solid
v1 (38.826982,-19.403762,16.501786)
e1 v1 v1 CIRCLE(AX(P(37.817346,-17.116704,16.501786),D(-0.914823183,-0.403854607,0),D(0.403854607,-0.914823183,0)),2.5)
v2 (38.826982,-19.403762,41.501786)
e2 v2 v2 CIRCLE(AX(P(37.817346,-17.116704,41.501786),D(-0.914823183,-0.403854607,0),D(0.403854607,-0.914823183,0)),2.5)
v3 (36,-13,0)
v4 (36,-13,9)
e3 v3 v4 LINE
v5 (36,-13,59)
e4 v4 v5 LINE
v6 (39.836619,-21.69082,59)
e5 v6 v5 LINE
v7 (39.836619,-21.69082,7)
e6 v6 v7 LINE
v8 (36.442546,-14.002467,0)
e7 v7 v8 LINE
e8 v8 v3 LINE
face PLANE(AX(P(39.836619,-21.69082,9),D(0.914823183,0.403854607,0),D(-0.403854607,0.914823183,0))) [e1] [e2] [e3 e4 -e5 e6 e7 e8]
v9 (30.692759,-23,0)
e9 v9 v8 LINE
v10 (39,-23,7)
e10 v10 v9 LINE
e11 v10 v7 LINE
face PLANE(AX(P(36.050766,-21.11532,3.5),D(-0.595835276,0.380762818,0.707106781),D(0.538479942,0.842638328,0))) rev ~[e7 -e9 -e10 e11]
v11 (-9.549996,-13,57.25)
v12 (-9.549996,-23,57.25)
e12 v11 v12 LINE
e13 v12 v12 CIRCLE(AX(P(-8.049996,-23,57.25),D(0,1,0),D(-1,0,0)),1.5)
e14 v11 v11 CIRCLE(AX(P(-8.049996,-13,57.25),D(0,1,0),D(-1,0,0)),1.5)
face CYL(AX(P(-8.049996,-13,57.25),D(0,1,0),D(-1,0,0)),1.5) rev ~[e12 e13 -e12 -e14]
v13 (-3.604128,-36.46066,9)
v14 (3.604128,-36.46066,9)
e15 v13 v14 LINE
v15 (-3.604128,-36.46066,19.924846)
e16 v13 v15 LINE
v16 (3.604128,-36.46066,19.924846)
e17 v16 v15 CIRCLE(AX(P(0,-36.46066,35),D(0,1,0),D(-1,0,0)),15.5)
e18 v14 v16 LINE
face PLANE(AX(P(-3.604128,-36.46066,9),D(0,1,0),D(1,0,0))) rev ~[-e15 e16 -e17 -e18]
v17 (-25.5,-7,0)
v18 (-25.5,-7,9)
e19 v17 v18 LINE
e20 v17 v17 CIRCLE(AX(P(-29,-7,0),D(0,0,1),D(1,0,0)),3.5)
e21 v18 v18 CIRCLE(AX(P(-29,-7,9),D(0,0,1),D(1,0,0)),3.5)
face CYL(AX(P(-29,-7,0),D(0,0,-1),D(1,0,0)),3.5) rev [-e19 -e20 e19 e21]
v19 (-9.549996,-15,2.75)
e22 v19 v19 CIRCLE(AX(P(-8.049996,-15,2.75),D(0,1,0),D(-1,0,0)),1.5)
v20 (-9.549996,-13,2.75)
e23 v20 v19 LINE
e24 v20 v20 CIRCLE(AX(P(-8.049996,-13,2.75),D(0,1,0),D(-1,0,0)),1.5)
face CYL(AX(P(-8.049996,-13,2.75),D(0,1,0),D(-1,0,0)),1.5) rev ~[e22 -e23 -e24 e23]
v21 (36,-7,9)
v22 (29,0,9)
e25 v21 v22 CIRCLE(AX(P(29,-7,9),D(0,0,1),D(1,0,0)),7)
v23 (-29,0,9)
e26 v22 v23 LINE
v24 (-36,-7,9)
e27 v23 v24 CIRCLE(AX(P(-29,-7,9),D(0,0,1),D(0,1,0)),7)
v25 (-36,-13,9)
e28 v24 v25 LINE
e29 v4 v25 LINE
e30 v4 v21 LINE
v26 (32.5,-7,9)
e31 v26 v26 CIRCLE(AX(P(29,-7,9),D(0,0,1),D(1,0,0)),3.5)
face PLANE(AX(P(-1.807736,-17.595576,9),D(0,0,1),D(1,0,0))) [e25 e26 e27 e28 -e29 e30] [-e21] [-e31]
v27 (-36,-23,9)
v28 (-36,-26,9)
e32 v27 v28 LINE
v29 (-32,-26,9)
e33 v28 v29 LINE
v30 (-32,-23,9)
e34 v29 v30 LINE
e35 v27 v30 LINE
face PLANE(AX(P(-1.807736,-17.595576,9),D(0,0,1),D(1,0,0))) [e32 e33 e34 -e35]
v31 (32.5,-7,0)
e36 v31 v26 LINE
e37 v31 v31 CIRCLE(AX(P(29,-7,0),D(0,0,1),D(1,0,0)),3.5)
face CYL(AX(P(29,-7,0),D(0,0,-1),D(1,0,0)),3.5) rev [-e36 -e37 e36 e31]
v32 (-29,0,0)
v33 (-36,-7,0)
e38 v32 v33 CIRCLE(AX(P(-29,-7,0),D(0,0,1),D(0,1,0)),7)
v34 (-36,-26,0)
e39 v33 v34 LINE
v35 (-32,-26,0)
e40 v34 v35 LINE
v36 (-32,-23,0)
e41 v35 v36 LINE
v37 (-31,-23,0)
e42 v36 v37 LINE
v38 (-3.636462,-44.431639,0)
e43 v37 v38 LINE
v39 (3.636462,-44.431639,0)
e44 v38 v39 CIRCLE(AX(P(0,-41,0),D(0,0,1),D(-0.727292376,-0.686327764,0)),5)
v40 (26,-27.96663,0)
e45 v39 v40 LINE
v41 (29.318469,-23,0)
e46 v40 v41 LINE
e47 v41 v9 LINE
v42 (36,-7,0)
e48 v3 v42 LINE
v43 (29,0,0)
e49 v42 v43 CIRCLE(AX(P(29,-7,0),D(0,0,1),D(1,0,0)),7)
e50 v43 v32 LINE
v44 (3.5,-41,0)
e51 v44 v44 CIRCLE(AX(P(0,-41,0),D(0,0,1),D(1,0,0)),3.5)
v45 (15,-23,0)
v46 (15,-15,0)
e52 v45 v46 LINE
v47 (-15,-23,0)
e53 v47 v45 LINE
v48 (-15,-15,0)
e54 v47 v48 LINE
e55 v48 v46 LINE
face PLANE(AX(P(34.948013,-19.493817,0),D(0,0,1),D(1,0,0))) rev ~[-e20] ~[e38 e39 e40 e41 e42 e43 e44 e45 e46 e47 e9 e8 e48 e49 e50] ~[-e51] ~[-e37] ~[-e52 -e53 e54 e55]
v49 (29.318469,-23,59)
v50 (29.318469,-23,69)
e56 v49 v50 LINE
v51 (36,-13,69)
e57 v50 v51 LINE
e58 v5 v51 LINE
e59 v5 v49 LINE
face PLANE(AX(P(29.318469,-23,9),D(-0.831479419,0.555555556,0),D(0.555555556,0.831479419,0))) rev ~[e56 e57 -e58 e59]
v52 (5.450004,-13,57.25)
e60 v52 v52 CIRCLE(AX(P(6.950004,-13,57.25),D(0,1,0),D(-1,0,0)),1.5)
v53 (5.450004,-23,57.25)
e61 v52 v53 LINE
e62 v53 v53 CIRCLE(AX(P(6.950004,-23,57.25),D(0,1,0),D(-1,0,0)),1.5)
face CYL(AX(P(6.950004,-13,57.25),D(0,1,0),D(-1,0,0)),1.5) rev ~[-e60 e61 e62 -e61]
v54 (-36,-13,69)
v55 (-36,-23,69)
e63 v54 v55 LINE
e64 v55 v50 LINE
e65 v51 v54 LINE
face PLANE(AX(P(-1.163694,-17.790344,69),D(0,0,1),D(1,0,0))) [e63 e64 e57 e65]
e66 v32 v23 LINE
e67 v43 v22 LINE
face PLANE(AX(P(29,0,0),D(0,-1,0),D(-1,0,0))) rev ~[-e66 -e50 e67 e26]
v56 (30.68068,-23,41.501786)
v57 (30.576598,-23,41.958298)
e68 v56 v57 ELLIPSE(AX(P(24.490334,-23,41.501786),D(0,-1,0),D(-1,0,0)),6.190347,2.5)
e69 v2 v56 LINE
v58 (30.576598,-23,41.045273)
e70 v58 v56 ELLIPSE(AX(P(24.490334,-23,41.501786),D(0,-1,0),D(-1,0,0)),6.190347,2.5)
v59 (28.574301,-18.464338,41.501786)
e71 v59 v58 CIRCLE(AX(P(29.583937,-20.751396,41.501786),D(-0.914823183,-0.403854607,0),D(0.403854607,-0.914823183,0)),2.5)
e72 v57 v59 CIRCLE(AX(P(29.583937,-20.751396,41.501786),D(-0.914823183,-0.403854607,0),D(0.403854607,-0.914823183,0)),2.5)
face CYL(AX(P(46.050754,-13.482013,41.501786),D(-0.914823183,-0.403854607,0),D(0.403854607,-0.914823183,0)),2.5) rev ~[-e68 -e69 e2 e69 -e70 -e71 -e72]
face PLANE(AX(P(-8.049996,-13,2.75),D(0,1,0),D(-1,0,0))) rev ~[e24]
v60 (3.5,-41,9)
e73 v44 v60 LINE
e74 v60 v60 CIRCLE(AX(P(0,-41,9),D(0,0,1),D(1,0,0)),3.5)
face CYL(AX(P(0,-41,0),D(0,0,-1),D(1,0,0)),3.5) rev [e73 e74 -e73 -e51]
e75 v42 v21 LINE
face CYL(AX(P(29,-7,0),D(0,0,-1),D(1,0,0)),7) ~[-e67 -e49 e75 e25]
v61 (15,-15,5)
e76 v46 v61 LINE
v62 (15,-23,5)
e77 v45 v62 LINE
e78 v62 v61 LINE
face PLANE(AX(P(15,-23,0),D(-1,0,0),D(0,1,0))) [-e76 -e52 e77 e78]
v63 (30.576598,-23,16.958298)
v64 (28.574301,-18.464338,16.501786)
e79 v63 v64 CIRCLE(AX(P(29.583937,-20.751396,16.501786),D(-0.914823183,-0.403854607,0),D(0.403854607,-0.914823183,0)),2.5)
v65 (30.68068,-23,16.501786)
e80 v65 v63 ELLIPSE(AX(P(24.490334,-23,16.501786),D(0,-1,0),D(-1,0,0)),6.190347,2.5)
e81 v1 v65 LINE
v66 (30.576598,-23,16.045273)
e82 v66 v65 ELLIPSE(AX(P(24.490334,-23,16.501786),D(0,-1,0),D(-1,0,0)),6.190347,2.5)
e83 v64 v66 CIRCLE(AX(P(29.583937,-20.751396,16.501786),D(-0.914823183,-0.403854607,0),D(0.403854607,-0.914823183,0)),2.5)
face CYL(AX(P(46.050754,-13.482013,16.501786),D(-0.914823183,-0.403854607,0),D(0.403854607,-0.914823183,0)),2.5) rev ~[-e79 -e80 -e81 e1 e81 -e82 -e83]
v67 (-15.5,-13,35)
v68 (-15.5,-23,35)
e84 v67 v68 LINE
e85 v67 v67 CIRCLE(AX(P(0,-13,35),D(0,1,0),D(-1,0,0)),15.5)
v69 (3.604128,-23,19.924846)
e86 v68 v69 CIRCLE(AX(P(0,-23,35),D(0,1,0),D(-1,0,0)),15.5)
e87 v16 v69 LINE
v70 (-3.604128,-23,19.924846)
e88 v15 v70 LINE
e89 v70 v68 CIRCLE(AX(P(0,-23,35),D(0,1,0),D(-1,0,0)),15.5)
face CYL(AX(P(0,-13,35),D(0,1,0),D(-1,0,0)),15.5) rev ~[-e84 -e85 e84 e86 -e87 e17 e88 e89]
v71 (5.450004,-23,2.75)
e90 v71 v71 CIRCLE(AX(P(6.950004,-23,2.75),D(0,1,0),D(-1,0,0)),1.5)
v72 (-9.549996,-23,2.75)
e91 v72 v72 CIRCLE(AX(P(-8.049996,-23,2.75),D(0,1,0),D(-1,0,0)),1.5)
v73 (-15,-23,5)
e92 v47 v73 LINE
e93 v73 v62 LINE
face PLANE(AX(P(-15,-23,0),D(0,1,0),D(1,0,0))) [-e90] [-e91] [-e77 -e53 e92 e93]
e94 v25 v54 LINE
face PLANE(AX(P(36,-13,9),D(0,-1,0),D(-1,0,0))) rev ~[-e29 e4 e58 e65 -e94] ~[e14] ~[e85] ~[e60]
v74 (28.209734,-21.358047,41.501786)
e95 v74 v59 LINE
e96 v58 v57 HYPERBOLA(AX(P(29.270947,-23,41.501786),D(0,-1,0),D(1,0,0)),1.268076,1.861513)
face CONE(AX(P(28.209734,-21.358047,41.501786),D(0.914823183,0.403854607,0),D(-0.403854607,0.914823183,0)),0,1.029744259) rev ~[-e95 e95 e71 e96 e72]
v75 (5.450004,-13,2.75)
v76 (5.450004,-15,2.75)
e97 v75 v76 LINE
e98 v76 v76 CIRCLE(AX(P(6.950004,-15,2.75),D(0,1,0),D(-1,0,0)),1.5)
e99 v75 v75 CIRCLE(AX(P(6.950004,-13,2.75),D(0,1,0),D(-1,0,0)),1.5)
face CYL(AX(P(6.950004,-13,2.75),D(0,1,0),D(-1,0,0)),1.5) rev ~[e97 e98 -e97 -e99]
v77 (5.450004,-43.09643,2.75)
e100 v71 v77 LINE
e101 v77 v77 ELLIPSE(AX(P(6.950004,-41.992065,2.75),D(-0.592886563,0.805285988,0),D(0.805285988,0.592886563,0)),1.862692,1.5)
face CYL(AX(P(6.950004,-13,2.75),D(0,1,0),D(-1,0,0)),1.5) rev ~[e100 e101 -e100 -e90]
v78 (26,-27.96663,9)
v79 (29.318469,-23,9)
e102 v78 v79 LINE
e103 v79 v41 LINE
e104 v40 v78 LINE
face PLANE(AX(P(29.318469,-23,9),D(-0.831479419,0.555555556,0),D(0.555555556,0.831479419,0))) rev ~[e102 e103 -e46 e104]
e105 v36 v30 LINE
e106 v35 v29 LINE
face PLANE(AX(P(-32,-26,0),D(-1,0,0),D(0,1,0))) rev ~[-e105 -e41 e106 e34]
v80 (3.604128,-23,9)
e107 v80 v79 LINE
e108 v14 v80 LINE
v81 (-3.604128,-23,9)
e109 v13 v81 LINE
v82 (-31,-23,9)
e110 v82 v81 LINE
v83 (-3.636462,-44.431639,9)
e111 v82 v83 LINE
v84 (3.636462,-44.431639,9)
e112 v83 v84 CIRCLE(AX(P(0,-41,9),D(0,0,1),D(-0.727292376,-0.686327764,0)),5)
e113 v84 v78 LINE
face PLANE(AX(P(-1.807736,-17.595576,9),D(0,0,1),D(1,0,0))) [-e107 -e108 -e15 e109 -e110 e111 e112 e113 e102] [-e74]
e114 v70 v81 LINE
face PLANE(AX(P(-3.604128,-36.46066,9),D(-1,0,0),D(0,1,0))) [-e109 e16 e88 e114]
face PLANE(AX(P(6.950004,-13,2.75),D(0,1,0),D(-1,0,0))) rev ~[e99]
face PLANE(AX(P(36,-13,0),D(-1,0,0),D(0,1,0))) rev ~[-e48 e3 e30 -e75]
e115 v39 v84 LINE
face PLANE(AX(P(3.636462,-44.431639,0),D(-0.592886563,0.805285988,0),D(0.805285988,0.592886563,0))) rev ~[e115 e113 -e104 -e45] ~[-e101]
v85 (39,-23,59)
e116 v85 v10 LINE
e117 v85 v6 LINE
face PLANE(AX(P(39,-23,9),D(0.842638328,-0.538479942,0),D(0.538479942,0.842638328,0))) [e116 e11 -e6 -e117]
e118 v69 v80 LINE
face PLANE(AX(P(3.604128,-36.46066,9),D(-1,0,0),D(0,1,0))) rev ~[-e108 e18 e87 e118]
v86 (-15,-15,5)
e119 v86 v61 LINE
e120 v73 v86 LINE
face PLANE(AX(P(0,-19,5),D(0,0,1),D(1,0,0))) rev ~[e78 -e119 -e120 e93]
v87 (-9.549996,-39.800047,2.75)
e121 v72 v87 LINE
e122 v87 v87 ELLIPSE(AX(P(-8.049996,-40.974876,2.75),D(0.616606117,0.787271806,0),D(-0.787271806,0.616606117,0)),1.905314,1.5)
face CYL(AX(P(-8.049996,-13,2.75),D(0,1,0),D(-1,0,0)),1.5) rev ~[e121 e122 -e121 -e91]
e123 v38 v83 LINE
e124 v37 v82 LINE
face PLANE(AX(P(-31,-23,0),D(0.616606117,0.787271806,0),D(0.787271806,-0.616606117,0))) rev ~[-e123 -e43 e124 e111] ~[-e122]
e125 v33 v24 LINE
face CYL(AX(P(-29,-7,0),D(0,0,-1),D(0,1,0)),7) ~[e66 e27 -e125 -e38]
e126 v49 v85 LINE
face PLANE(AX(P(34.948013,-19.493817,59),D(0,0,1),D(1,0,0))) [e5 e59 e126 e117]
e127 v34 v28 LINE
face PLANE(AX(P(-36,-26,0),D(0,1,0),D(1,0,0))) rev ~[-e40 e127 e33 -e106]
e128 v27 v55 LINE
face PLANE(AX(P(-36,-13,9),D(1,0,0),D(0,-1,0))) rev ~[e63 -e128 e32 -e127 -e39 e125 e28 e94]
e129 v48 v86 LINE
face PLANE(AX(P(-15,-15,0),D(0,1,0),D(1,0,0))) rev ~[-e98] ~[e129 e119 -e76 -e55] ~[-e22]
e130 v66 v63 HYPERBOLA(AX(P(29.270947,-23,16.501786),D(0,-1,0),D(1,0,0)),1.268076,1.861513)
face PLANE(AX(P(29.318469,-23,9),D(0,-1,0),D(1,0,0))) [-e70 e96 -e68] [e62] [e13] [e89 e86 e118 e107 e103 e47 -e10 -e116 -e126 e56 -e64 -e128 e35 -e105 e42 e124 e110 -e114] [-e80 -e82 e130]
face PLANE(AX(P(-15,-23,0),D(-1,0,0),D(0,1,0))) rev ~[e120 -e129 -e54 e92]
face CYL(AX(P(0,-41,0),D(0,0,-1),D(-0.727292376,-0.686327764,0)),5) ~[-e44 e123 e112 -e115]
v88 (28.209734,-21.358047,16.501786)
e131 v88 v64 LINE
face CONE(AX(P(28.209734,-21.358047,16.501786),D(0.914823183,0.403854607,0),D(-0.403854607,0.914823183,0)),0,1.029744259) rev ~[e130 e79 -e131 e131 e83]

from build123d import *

# Parameters (mm, degrees)
F0_R      = 3.5
F1_DEPTH  = 9
F2_W      = 30
F2_H      = 8
F3_DEPTH  = 5
F5_DEPTH  = 60
F6_DEPTH  = 50
F7_DEPTH  = 9
F8_SIZE   = 7
F10_D     = 5
F10_DEPTH = 9
F10_TIP   = 1.5021515476
F11_W     = 7.2082555853
F11_H     = 16.9959962368
F12_DEPTH = 25
F13_R     = 1.5
F14_DEPTH = 33.001
F16_R     = 15.5
F17_DEPTH = 25


with BuildPart() as f1:
    # F0 (on Top) → F1 (new body)
    with BuildSketch(Plane.XY):
        with BuildLine():
            Line((-36, -7), (-36, -26))
            Line((-36, -26), (-32, -26))
            Line((-32, -26), (-32, -23))
            Line((-32, -23), (-31, -23))
            Line((-31, -23), (-3.6364618823, -44.4316388182))
            ThreePointArc((-3.6364618823, -44.4316388182), (0, -46), (3.6364618823, -44.4316388182))
            Line((3.6364618823, -44.4316388182), (26, -27.9666295471))
            Line((26, -27.9666295471), (36, -13))
            Line((36, -13), (36, -7))
            ThreePointArc((36, -7), (33.9497474683, -2.0502525317), (29, 0))
            Line((29, 0), (-29, 0))
            ThreePointArc((-29, 0), (-33.9497474683, -2.0502525317), (-36, -7))
        make_face()
        with Locations((0, -41)):
            Circle(F0_R, mode=Mode.SUBTRACT)
        with Locations((-29, -7)):
            Circle(F0_R, mode=Mode.SUBTRACT)
        with Locations((29, -7)):
            Circle(F0_R, mode=Mode.SUBTRACT)
    extrude(amount=F1_DEPTH)

    # F2 (on face) → F3 (cut)
    with BuildSketch(Plane.XY):
        with Locations((0, -19)):
            Rectangle(F2_W, F2_H)
    extrude(amount=F3_DEPTH, mode=Mode.SUBTRACT)

    # F4 (on face) → F5 (join)
    with BuildSketch(Plane.XY.offset(9)):
        Polygon((36, -13), (-36, -13), (-36, -23), (-32, -23), (-31, -23), (29.3184689522, -23), align=None)
    extrude(amount=F5_DEPTH)

    # F4 (on face) → F6 (join)
    with BuildSketch(Plane.XY.offset(9)):
        Polygon((39.8366187696, -21.6908202384), (36, -13), (29.3184689522, -23), (39, -23), align=None)
    extrude(amount=F6_DEPTH)

    # F4 (on face) → F7 (join)
    with BuildSketch(Plane.XY.offset(9)):
        Polygon((39.8366187696, -21.6908202384), (36, -13), (29.3184689522, -23), (39, -23), align=None)
    extrude(amount=-F7_DEPTH)

    # F8
    f8_edges = [f1.edges().sort_by_distance(p)[0] for p in [
        (39.418309, -22.34541, 0),
    ]]
    chamfer(f8_edges, length=F8_SIZE)

    # F10
    with Locations(Plane(origin=(25.3255301757, 11.1801189941, 0), x_dir=(-0.4038546073, 0.914823183, 0), z_dir=(0.914823183, 0.4038546073, 0))):
        with Locations((-30.9314672426, 16.5017858054), (-30.9314672426, 41.5017858054)):
            Hole(F10_D / 2, depth=F10_DEPTH)
            with Locations((0, 0, -(F10_DEPTH + F10_TIP / 2))):  # 118° drill point
                Cone(0, F10_D / 2, F10_TIP, mode=Mode.SUBTRACT)

    # F11 (on face) → F12 (join)
    with BuildSketch(Plane.XY.offset(9)):
        with Locations((0, -27.9626622796)):
            Rectangle(F11_W, F11_H)
    extrude(amount=F12_DEPTH)

    # F13 (on face) → F14 (cut, through all)
    with BuildSketch(Plane(origin=(0, -13, 0), x_dir=(-1, 0, 0), z_dir=(0, 1, 0))):
        with Locations((-6.9500040114, 2.750000149)):
            Circle(F13_R)
        with Locations((8.0499959886, 2.750000149)):
            Circle(F13_R)
        with Locations((8.0499959886, 57.250000149)):
            Circle(F13_R)
        with Locations((-6.9500040114, 57.250000149)):
            Circle(F13_R)
    extrude(amount=-F14_DEPTH, mode=Mode.SUBTRACT)

    # F16 (on face) → F17 (cut)
    with BuildSketch(Plane(origin=(0, -13, 0), x_dir=(-1, 0, 0), z_dir=(0, 1, 0))):
        with Locations((0, 35)):
            Circle(F16_R)
    extrude(amount=-F17_DEPTH, mode=Mode.SUBTRACT)


solid = f1.part
